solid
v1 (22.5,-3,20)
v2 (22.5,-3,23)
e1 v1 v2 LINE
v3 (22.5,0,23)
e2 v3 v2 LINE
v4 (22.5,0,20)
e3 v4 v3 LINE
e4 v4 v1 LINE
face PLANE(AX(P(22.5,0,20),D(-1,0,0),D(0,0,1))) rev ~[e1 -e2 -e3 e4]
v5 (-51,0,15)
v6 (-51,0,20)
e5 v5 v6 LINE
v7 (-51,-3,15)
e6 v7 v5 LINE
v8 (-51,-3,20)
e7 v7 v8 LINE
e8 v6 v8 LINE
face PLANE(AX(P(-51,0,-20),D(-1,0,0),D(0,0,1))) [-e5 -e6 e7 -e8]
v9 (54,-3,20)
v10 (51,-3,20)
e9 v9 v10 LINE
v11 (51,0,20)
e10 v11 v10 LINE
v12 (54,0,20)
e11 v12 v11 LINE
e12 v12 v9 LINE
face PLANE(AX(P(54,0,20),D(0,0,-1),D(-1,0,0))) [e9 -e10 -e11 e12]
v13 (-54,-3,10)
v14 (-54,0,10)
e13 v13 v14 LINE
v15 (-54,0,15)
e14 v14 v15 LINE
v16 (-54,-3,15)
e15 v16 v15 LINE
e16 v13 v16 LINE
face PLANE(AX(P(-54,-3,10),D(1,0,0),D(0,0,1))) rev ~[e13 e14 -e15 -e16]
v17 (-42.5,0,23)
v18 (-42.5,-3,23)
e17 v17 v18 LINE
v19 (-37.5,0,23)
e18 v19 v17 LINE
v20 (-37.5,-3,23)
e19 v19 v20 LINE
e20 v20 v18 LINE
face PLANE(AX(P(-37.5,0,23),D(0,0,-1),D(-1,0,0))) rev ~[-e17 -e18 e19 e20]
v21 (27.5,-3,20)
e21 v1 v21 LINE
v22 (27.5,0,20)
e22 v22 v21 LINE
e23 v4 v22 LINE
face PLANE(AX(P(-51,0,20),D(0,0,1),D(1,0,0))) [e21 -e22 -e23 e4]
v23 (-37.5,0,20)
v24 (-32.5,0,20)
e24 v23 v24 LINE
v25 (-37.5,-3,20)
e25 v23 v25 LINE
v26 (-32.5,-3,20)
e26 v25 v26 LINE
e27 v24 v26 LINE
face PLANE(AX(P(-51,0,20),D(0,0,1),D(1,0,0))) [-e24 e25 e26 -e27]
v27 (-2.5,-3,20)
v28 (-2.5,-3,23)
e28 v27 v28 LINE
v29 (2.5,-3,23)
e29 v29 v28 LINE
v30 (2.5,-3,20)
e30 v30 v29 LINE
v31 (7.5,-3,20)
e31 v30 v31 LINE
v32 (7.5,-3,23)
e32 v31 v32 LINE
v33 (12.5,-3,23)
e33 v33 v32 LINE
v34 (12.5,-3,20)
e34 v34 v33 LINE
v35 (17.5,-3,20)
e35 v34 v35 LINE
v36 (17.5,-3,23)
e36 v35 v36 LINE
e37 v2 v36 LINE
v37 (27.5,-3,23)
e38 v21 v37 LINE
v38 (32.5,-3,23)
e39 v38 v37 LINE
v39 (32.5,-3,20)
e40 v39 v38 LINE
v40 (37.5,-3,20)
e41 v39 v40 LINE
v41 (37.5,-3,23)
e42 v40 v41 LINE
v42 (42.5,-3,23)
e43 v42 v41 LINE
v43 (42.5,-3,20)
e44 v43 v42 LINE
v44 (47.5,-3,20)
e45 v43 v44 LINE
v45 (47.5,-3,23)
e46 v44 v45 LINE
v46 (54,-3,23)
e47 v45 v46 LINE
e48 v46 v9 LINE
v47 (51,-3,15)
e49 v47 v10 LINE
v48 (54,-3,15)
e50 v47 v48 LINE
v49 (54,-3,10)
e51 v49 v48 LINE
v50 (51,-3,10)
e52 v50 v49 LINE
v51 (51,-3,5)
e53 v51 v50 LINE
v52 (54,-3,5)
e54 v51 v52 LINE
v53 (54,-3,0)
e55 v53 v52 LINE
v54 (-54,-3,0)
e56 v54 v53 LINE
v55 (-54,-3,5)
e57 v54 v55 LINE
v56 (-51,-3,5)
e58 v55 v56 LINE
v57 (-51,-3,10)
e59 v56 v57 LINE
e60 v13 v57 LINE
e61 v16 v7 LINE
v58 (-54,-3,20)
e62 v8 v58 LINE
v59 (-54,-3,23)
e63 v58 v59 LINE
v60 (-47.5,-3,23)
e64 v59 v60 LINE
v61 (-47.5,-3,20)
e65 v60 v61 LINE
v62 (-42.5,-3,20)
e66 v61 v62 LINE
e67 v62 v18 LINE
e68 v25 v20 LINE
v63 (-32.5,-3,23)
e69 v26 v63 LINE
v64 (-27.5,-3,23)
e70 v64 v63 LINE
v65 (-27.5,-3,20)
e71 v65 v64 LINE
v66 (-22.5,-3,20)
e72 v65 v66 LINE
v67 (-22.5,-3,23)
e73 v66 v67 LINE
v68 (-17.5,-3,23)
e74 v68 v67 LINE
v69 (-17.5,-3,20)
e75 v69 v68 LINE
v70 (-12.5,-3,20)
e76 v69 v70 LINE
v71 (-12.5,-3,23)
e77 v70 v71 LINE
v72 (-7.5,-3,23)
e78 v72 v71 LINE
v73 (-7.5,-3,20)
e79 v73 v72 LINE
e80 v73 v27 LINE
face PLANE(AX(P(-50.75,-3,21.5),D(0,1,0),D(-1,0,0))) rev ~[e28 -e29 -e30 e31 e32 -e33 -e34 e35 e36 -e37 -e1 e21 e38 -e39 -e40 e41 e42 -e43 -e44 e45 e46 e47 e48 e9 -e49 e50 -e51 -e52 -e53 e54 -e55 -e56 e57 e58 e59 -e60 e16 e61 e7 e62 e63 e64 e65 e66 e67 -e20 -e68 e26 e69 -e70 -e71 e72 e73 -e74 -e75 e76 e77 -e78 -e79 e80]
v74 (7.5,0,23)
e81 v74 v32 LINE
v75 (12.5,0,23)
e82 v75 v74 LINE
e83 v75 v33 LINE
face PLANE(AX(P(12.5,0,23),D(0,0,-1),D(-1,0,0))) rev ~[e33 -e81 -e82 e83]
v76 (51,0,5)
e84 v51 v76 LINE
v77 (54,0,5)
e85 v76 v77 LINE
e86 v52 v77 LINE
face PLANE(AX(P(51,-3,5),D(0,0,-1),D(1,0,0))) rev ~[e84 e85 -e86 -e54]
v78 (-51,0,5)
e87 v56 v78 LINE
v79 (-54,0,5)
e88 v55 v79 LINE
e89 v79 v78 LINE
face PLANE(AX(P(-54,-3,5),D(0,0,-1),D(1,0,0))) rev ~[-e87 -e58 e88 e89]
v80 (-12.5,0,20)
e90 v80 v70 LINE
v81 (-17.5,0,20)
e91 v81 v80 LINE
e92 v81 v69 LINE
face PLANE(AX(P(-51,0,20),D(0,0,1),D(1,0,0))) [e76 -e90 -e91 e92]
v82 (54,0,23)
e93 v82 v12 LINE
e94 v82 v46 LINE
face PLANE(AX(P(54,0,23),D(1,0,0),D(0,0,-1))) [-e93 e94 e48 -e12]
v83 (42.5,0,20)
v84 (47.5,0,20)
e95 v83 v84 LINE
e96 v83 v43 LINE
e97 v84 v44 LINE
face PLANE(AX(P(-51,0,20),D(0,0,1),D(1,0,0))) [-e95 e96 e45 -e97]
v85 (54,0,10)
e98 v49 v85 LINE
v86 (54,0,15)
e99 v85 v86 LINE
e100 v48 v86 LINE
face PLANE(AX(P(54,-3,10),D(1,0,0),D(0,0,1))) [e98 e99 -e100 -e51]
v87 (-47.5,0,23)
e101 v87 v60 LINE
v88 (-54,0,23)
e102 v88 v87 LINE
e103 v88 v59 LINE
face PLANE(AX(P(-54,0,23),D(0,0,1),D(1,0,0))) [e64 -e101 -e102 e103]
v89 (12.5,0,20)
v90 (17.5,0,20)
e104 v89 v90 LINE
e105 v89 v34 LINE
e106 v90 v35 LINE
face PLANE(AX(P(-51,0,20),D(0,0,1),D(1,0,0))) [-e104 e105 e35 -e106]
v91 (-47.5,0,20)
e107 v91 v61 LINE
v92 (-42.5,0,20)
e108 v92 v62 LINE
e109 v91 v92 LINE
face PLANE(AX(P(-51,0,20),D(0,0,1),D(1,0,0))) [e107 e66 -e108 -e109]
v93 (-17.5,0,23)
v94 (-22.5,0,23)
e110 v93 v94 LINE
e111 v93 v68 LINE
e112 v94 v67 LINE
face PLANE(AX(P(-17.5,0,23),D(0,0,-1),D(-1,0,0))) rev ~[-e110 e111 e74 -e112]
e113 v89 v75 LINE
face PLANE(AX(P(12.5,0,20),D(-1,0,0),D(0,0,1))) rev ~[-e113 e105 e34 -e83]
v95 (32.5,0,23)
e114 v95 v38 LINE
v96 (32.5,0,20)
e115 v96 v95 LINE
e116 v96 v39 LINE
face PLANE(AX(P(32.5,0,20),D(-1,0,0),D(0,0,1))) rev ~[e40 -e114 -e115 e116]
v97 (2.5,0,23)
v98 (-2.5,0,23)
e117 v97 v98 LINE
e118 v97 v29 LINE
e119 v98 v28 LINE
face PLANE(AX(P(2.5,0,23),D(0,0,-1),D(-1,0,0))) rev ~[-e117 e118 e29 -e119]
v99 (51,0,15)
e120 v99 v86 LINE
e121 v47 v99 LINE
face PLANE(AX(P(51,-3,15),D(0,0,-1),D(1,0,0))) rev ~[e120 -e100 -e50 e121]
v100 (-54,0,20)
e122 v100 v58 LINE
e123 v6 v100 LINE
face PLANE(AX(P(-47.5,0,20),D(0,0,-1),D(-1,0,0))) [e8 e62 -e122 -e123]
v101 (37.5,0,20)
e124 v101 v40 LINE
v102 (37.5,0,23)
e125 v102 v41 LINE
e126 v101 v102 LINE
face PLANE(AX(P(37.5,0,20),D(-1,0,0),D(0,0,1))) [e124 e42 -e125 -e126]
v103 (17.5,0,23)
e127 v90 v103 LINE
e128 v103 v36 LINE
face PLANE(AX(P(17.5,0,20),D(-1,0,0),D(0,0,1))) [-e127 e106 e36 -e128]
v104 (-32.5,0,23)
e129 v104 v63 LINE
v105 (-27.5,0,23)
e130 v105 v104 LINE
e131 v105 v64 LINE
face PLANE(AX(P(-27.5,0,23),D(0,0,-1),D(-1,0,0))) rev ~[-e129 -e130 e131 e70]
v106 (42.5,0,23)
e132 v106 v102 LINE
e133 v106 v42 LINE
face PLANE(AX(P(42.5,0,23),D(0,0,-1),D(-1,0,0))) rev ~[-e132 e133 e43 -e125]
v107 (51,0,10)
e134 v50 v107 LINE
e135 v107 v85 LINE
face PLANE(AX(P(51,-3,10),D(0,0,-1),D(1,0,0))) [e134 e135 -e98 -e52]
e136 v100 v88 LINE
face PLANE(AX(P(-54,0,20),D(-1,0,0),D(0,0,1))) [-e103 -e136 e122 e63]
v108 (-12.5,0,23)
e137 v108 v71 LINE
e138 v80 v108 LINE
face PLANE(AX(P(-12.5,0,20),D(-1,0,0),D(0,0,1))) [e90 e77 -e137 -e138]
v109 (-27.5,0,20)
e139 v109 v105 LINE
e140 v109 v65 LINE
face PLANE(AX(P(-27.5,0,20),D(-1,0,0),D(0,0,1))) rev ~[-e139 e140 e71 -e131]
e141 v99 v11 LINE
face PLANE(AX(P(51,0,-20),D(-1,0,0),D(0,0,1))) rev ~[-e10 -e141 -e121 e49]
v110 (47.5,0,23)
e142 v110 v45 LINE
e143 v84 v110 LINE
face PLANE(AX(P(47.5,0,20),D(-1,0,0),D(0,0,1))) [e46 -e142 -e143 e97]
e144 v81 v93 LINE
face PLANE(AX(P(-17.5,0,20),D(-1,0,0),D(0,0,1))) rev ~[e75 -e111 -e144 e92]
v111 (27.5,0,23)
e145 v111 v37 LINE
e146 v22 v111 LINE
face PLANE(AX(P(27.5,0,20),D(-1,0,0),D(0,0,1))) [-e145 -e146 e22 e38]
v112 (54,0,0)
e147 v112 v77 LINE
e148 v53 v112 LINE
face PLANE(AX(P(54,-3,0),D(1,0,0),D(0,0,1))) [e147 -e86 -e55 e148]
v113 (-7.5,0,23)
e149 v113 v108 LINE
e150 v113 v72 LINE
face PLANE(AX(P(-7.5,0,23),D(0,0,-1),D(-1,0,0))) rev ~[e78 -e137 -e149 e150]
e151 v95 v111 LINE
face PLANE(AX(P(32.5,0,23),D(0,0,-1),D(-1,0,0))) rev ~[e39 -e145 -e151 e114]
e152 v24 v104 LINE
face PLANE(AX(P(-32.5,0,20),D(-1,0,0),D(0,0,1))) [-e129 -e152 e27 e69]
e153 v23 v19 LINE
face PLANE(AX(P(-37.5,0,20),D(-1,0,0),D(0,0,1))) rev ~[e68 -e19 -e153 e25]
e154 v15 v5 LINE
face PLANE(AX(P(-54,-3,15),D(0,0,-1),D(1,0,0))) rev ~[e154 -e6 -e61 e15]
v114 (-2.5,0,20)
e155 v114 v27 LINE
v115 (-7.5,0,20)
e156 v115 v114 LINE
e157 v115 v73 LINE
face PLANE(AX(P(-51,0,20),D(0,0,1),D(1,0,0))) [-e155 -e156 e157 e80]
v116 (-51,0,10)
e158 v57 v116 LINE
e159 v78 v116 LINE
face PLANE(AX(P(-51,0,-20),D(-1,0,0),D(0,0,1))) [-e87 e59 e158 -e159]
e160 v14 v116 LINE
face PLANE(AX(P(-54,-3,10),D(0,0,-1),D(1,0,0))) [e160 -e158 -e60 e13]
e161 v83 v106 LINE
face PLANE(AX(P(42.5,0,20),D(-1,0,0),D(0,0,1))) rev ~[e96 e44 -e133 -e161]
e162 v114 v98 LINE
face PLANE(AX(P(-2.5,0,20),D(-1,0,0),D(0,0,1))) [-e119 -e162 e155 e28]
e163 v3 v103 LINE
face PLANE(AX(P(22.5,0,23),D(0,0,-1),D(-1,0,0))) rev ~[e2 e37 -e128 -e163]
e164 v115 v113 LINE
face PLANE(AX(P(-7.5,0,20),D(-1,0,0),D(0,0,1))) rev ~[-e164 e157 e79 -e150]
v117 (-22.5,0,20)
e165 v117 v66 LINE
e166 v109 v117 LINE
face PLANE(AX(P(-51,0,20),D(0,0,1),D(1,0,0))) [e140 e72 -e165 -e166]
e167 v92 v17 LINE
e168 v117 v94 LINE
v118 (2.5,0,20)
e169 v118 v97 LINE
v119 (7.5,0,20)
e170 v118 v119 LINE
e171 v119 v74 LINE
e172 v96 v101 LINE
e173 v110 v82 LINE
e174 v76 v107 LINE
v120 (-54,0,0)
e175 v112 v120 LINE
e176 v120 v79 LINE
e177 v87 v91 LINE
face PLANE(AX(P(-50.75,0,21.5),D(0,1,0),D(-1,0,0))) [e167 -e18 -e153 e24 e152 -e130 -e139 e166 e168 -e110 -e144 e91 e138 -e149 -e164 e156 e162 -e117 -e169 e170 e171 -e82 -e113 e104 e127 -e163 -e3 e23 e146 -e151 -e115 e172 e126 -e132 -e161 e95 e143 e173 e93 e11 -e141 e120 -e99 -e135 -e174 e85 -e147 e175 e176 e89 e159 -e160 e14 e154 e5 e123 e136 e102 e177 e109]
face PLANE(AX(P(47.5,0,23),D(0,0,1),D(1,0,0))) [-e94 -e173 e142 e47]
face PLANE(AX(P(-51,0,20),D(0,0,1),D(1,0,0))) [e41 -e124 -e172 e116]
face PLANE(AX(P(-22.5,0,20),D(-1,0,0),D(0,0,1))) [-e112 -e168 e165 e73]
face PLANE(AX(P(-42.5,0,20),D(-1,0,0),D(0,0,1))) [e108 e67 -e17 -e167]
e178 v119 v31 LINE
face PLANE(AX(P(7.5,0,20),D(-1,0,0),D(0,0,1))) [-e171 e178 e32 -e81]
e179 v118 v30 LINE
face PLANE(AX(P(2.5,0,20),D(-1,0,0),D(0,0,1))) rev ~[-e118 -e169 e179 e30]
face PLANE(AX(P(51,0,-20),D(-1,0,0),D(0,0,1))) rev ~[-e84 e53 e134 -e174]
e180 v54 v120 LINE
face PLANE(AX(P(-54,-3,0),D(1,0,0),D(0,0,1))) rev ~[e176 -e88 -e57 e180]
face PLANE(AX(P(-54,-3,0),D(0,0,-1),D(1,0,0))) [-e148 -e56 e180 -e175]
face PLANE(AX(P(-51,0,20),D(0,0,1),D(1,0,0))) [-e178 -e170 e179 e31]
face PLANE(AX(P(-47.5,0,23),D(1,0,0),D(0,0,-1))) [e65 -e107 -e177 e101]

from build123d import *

# Parameters (mm, degrees)
F0_W     = 102
F0_H     = 40
F1_DEPTH = 3
F2_W     = 3
F2_H     = 5
F3_DEPTH = 3
F4_W     = 5
F4_H     = 3
F5_DEPTH = 3
F6_W     = 108
F6_H     = 20
F7_DEPTH = 25


with BuildPart() as f1:
    # F0 (on Front) → F1 (new body)
    with BuildSketch(Plane.XZ):
        Rectangle(F0_W, F0_H)
    extrude(amount=F1_DEPTH)

    # F2 (on face) → F3 (join)
    with BuildSketch(Plane.XZ.offset(3)):
        with Locations((-52.5, -17.5)):
            Rectangle(F2_W, F2_H)
        with Locations((-52.5, -7.5)):
            Rectangle(F2_W, F2_H)
        with Locations((-52.5, 2.5)):
            Rectangle(F2_W, F2_H)
        with Locations((-52.5, 12.5)):
            Rectangle(F2_W, F2_H)
        with Locations((52.5, -7.5)):
            Rectangle(F2_W, F2_H)
        with Locations((52.5, -17.5)):
            Rectangle(F2_W, F2_H)
        with Locations((52.5, 12.5)):
            Rectangle(F2_W, F2_H)
        with Locations((52.5, 2.5)):
            Rectangle(F2_W, F2_H)
    extrude(amount=-F3_DEPTH)

    # F4 (on face) → F5 (join)
    with BuildSketch(Plane(origin=(0, 0, 0), x_dir=(-1, 0, 0), z_dir=(0, 1, 0))):
        with Locations((0, 21.5)):
            Rectangle(F4_W, F4_H)
        with Locations((10, 21.5)):
            Rectangle(F4_W, F4_H)
        with Locations((20, 21.5)):
            Rectangle(F4_W, F4_H)
        with Locations((30, 21.5)):
            Rectangle(F4_W, F4_H)
        with Locations((40, 21.5)):
            Rectangle(F4_W, F4_H)
        Polygon((52.5, 23), (47.5, 23), (47.5, 20), (52.5, 20), (54, 20), (54, 23), align=None)
        Polygon((-52.5, 20), (-47.5, 20), (-47.5, 23), (-52.5, 23), (-54, 23), (-54, 20), align=None)
        with Locations((-20, 21.5)):
            Rectangle(F4_W, F4_H)
        with Locations((-10, 21.5)):
            Rectangle(F4_W, F4_H)
        with Locations((-30, 21.5)):
            Rectangle(F4_W, F4_H)
        with Locations((-40, 21.5)):
            Rectangle(F4_W, F4_H)
    extrude(amount=-F5_DEPTH)

    # F6 (on face) → F7 (cut)
    with BuildSketch(Plane(origin=(0, 0, 0), x_dir=(-1, 0, 0), z_dir=(0, 1, 0))):
        with Locations((0, -10)):
            Rectangle(F6_W, F6_H)
    extrude(amount=-F7_DEPTH, mode=Mode.SUBTRACT)


solid = f1.part
